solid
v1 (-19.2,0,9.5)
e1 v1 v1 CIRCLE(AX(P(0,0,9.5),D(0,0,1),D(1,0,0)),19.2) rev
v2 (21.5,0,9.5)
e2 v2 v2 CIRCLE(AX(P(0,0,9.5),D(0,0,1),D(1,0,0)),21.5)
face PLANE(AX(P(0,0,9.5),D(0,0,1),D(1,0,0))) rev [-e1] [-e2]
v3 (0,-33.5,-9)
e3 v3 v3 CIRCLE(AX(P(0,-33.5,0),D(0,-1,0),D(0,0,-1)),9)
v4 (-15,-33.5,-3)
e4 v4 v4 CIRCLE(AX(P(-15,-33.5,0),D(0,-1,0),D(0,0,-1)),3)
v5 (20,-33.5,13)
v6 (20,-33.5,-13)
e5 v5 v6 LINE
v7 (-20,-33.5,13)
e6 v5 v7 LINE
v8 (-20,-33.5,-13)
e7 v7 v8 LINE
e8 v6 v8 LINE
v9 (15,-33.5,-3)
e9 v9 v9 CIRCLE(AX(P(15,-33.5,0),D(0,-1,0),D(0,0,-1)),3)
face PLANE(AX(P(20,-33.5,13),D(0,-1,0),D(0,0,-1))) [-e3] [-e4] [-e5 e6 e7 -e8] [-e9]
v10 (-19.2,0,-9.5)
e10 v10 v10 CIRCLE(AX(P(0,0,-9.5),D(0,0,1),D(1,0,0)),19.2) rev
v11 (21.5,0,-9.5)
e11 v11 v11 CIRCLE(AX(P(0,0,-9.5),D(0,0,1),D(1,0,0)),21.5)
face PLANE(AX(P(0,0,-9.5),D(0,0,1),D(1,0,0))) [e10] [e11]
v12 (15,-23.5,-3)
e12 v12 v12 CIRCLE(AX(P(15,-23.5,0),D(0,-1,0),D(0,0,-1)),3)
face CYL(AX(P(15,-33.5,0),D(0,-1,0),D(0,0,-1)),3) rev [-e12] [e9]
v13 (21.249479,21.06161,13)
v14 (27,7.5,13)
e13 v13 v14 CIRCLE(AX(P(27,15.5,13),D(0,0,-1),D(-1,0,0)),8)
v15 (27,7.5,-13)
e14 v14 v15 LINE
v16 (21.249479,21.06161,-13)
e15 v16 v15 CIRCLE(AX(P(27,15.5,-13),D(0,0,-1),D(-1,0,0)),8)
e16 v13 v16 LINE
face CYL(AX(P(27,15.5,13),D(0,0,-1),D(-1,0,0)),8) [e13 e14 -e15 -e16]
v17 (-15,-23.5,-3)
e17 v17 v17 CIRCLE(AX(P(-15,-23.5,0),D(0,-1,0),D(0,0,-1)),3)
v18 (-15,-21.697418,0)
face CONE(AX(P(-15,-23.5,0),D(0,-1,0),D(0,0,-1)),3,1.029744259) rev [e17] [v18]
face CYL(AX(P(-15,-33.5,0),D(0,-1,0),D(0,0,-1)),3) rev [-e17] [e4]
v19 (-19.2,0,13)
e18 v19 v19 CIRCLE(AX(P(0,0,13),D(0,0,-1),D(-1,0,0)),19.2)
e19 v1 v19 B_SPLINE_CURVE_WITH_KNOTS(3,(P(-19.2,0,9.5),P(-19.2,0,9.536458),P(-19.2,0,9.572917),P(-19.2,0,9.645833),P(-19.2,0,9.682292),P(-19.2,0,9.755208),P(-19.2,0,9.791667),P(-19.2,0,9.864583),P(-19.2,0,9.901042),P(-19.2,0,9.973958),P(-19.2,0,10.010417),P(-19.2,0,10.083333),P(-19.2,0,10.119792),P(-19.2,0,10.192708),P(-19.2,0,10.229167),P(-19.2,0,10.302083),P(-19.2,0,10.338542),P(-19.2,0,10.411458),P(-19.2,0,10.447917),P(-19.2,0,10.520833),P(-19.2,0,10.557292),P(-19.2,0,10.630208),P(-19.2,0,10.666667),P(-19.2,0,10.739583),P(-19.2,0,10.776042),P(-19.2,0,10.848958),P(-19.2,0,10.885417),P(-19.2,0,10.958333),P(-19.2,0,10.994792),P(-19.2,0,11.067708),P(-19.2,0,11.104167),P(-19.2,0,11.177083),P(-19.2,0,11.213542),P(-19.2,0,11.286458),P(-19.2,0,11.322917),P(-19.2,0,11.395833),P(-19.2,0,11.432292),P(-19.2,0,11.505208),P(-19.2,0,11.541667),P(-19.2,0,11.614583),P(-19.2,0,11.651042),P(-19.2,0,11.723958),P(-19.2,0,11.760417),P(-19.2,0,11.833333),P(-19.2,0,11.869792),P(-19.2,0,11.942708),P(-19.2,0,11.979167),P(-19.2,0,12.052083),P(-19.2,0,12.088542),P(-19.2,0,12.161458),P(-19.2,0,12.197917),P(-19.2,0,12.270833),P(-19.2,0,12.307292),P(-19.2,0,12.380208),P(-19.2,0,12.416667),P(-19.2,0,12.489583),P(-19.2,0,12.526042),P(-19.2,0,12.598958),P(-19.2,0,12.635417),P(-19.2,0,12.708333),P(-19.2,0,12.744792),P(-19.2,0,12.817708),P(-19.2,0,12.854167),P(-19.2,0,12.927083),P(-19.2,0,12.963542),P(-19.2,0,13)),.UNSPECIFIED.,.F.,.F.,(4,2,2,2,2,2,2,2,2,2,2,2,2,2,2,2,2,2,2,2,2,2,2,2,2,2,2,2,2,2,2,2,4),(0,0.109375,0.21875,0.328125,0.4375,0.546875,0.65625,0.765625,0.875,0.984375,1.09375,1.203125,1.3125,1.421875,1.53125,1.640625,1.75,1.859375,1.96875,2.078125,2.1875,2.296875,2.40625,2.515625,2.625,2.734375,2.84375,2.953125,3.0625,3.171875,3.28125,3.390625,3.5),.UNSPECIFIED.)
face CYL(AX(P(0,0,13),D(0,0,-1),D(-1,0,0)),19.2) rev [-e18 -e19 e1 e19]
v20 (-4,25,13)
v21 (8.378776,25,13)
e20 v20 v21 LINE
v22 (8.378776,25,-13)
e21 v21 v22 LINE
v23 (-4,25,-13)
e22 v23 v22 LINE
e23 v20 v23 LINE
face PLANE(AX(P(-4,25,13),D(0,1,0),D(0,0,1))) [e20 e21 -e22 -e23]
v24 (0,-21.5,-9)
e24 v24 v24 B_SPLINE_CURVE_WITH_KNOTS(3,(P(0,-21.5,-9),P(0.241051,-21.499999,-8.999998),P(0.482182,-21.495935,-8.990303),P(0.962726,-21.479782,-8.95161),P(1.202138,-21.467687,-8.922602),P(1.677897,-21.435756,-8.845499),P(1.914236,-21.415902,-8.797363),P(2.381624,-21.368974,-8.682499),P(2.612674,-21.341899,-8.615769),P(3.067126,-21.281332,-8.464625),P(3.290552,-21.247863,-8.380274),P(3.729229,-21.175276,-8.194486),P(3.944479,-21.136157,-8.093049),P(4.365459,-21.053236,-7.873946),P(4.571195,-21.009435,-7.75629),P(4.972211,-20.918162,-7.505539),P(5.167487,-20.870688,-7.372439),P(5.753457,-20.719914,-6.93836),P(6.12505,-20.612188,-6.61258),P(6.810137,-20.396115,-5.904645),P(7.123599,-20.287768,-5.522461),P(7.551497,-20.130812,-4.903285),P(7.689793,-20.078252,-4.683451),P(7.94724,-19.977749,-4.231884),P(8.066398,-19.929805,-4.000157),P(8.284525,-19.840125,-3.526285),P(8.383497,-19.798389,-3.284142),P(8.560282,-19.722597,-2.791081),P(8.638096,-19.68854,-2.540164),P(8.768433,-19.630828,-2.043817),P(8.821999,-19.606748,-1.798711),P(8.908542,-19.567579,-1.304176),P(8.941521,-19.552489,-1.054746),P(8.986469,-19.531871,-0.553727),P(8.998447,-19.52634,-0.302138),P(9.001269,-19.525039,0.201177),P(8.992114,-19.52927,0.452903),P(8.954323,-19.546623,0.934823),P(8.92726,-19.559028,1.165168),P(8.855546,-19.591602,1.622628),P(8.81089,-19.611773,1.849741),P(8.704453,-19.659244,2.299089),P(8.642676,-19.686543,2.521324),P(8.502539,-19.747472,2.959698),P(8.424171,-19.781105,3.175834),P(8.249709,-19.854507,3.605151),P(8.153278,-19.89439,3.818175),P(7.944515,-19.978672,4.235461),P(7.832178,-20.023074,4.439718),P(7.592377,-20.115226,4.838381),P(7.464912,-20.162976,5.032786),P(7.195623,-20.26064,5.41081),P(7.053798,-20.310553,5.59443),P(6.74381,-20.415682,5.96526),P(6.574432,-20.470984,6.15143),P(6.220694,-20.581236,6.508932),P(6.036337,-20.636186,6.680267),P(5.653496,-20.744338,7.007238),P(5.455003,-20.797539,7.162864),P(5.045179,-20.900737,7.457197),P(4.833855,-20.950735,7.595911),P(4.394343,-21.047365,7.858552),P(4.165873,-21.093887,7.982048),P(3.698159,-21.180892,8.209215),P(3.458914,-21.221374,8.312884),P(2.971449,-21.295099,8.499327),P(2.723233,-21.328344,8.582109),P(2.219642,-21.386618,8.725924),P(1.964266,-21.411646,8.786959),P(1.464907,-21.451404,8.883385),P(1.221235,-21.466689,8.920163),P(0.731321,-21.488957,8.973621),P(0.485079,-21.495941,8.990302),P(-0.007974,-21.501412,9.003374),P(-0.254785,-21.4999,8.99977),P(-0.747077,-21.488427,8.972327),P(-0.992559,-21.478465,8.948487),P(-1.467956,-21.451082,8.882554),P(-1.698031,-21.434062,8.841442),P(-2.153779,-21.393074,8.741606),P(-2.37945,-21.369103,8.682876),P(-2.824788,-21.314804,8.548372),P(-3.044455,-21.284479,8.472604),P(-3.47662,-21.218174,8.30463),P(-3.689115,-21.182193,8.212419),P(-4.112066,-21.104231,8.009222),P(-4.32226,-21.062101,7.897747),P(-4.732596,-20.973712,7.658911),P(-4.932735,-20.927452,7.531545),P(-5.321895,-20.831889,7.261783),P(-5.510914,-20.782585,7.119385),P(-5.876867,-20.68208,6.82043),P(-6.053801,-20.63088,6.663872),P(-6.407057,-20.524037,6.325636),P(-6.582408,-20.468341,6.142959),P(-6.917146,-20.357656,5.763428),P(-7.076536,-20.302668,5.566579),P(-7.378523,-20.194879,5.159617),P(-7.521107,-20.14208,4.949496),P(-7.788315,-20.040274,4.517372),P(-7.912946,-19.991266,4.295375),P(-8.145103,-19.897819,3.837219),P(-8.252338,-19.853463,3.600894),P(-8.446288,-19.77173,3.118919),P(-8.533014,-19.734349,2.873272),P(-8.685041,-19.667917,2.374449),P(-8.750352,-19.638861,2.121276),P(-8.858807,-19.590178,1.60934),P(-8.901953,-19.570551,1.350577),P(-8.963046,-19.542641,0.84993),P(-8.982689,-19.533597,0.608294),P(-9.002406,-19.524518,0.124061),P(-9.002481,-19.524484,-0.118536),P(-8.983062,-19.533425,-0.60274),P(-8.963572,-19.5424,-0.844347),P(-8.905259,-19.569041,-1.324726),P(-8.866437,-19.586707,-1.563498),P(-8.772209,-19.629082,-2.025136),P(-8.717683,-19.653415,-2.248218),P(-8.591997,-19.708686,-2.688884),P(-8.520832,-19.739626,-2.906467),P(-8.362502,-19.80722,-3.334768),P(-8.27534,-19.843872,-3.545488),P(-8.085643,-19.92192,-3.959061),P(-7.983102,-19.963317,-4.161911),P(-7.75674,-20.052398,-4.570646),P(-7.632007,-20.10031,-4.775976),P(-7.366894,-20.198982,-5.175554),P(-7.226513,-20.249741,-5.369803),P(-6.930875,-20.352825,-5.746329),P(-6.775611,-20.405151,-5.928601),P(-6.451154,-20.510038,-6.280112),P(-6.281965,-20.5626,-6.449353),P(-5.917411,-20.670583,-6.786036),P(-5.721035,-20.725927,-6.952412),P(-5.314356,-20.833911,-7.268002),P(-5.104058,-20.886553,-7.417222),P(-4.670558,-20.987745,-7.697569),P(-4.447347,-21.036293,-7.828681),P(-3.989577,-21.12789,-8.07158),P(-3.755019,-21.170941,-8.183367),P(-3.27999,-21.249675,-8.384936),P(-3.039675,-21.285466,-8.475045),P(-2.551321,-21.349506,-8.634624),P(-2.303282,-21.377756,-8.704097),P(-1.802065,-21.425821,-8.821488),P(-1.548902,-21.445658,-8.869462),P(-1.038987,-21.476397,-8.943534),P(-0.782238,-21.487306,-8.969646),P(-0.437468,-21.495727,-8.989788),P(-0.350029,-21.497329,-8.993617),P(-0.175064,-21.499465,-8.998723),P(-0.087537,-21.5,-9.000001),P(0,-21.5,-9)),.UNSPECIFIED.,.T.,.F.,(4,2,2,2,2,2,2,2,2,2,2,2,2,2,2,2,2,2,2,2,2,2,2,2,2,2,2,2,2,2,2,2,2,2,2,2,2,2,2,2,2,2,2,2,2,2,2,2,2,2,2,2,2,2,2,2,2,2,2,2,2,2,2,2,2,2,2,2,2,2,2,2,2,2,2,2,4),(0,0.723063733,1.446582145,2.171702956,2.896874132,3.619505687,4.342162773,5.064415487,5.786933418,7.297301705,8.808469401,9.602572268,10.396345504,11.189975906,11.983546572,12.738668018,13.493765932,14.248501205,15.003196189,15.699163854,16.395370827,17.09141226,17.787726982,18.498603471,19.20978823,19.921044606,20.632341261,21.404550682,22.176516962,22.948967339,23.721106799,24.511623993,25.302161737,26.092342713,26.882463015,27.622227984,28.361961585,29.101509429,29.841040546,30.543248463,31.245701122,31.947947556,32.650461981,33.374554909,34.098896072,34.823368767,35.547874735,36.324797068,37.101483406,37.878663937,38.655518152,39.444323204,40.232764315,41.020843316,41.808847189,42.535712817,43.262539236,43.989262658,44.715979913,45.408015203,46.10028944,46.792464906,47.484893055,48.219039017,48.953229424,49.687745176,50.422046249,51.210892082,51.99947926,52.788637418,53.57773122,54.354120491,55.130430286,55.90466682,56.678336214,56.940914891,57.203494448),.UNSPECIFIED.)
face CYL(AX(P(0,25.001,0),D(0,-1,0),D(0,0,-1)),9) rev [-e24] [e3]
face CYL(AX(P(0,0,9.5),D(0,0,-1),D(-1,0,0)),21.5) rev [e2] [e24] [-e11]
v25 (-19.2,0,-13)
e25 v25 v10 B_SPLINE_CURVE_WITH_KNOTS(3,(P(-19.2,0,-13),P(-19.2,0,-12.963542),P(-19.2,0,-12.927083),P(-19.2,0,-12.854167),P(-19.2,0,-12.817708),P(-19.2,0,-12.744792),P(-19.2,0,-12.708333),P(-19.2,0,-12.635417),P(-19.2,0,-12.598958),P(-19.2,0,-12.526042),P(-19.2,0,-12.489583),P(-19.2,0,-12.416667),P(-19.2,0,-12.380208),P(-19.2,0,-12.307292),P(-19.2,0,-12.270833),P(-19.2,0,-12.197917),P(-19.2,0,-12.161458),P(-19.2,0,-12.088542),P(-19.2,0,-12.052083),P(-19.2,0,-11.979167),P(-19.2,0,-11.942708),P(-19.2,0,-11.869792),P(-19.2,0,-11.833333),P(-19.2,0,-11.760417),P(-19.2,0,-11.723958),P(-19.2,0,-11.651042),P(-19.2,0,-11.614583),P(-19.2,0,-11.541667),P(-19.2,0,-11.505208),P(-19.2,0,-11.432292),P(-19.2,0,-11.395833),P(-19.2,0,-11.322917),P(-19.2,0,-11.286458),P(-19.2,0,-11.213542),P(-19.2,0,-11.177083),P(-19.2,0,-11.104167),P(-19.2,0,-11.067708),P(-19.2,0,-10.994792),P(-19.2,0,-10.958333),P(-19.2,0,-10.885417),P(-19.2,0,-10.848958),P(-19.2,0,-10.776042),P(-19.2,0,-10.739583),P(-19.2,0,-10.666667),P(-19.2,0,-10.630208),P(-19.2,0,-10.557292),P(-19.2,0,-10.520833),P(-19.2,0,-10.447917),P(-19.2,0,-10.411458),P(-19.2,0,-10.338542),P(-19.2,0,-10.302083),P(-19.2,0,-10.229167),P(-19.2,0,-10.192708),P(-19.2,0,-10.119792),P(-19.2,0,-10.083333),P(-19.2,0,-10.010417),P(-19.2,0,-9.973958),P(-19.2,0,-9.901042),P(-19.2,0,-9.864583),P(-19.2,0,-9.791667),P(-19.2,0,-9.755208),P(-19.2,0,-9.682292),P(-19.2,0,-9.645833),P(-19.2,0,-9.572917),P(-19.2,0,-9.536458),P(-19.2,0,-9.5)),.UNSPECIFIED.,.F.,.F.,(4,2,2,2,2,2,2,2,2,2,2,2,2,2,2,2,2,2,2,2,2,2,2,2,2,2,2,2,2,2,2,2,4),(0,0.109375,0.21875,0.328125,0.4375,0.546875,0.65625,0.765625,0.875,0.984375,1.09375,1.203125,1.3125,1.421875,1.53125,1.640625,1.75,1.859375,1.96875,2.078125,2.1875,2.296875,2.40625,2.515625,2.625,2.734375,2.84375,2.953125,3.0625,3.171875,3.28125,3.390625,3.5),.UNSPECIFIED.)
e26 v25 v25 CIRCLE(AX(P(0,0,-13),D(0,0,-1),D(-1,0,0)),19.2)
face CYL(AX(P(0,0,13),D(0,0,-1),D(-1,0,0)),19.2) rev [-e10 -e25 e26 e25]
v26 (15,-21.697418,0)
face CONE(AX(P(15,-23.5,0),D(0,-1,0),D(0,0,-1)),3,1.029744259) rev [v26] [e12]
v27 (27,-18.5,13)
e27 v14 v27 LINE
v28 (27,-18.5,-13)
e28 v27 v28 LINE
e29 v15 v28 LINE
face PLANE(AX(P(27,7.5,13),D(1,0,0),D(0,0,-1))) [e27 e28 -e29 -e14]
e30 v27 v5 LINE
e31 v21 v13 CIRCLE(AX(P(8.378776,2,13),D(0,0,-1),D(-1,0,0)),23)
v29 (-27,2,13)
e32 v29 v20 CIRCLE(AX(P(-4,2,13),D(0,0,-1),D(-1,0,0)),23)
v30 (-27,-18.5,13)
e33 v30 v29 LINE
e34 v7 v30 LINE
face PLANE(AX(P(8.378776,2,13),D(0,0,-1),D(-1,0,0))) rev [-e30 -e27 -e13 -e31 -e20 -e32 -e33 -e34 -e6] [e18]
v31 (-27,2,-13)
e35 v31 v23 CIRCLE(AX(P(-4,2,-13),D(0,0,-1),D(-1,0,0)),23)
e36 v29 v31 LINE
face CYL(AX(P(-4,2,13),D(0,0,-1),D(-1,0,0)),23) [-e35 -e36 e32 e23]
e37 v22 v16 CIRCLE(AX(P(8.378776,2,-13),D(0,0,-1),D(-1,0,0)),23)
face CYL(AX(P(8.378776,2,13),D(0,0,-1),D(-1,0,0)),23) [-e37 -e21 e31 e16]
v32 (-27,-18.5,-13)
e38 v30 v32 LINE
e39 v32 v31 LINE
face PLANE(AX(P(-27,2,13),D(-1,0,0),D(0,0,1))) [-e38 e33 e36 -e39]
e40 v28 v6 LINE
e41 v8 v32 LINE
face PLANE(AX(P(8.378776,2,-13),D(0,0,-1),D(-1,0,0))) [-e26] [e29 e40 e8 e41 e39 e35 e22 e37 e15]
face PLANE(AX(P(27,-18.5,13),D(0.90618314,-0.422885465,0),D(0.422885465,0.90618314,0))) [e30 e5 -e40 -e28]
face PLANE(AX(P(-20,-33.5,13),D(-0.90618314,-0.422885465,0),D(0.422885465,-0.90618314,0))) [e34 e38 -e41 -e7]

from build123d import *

# Parameters (mm, degrees)
BOSS_EXTRUDE1_DEPTH          = 13
CUT_EXTRUDE1_DEPTH           = 9.5
CUT_EXTRUDE1_DEPTH_BACK      = 9.5
SKETCH2_R                    = 21.5
CUT_EXTRUDE2_REACH           = 71.399
CUT_EXTRUDE2_END_RADIUS      = 21.5
SKETCH3_R                    = 9
F_6_0_6_DIAMETER_HOLE1_D     = 6
F_6_0_6_DIAMETER_HOLE1_DEPTH = 10
F_6_0_6_DIAMETER_HOLE1_TIP   = 1.802581857


with BuildPart() as part:
    # Sketch1 → Boss-Extrude1 (new, symmetric)
    with BuildSketch(Plane(origin=(0, 0, 0), x_dir=(-1, 0, 0), z_dir=(0, 0, -1))):
        with BuildLine():
            Line((-27, 7.5), (-27, -18.5))
            Line((-27, -18.5), (-20, -33.5))
            Line((-20, -33.5), (20, -33.5))
            Line((20, -33.5), (27, -18.5))
            Line((27, -18.5), (27, -15.5))
            Line((27, -15.5), (27, 2))
            ThreePointArc((27, 2), (20.263455967, 18.263455967), (4, 25))
            Line((4, 25), (-8.37877555, 25))
            ThreePointArc((-8.37877555, 25), (-15.10867012, 23.993374436), (-21.249479132, 21.061610355))
            ThreePointArc((-21.249479132, 21.061610355), (-34.365218355, 18.623068776), (-27, 7.5))
        make_face()
        with BuildLine():
            ThreePointArc((-16.651259459, 9.559056356), (-9.559056356, -16.651259459), (16.651259459, -9.559056356))
            ThreePointArc((16.651259459, -9.559056356), (9.559056356, 16.651259459), (-16.651259459, 9.559056356))
        make_face(mode=Mode.SUBTRACT)
    extrude(amount=BOSS_EXTRUDE1_DEPTH, both=True)

    # Sketch2 → Cut-Extrude1 (cut, two sides: drawn at the far end of the back side and taken through both)
    with BuildSketch(Plane.XY.offset(-CUT_EXTRUDE1_DEPTH_BACK)):
        Circle(SKETCH2_R)
    extrude(amount=CUT_EXTRUDE1_DEPTH + CUT_EXTRUDE1_DEPTH_BACK, mode=Mode.SUBTRACT)

    # Cut-Extrude2: up to this cylinder (the profile starts outside it)
    cut_extrude2_end = Plane(origin=(0, 0, 0), z_dir=(0, 0, -1)) * Cylinder(CUT_EXTRUDE2_END_RADIUS, 186.798, mode=Mode.PRIVATE)
    # Sketch3 → Cut-Extrude2 (cut, up to the surface)
    with BuildSketch(Plane.XZ.offset(33.5), mode=Mode.PRIVATE) as cut_extrude2_sk1:
        with Locations(Location((0, 0, 0), (0, 0, 270))):
            Circle(SKETCH3_R)
    cut_extrude2_tool1 = extrude(cut_extrude2_sk1.sketch, amount=-CUT_EXTRUDE2_REACH, mode=Mode.PRIVATE) - cut_extrude2_end
    add(cut_extrude2_tool1.solids().sort_by_distance((0, -33.5, 0))[0], mode=Mode.SUBTRACT)

    # Ø6.0 (6) Diameter Hole1
    with Locations(Plane(origin=(0, -33.5, 0), x_dir=(-1, 0, 0), z_dir=(0, -1, 0))):
        with Locations((-15, 0), (15, 0)):
            Hole(F_6_0_6_DIAMETER_HOLE1_D / 2, depth=F_6_0_6_DIAMETER_HOLE1_DEPTH)
            with Locations((0, 0, -(F_6_0_6_DIAMETER_HOLE1_DEPTH + F_6_0_6_DIAMETER_HOLE1_TIP / 2))):  # 118° drill point
                Cone(0, F_6_0_6_DIAMETER_HOLE1_D / 2, F_6_0_6_DIAMETER_HOLE1_TIP, mode=Mode.SUBTRACT)


solid = part.part
